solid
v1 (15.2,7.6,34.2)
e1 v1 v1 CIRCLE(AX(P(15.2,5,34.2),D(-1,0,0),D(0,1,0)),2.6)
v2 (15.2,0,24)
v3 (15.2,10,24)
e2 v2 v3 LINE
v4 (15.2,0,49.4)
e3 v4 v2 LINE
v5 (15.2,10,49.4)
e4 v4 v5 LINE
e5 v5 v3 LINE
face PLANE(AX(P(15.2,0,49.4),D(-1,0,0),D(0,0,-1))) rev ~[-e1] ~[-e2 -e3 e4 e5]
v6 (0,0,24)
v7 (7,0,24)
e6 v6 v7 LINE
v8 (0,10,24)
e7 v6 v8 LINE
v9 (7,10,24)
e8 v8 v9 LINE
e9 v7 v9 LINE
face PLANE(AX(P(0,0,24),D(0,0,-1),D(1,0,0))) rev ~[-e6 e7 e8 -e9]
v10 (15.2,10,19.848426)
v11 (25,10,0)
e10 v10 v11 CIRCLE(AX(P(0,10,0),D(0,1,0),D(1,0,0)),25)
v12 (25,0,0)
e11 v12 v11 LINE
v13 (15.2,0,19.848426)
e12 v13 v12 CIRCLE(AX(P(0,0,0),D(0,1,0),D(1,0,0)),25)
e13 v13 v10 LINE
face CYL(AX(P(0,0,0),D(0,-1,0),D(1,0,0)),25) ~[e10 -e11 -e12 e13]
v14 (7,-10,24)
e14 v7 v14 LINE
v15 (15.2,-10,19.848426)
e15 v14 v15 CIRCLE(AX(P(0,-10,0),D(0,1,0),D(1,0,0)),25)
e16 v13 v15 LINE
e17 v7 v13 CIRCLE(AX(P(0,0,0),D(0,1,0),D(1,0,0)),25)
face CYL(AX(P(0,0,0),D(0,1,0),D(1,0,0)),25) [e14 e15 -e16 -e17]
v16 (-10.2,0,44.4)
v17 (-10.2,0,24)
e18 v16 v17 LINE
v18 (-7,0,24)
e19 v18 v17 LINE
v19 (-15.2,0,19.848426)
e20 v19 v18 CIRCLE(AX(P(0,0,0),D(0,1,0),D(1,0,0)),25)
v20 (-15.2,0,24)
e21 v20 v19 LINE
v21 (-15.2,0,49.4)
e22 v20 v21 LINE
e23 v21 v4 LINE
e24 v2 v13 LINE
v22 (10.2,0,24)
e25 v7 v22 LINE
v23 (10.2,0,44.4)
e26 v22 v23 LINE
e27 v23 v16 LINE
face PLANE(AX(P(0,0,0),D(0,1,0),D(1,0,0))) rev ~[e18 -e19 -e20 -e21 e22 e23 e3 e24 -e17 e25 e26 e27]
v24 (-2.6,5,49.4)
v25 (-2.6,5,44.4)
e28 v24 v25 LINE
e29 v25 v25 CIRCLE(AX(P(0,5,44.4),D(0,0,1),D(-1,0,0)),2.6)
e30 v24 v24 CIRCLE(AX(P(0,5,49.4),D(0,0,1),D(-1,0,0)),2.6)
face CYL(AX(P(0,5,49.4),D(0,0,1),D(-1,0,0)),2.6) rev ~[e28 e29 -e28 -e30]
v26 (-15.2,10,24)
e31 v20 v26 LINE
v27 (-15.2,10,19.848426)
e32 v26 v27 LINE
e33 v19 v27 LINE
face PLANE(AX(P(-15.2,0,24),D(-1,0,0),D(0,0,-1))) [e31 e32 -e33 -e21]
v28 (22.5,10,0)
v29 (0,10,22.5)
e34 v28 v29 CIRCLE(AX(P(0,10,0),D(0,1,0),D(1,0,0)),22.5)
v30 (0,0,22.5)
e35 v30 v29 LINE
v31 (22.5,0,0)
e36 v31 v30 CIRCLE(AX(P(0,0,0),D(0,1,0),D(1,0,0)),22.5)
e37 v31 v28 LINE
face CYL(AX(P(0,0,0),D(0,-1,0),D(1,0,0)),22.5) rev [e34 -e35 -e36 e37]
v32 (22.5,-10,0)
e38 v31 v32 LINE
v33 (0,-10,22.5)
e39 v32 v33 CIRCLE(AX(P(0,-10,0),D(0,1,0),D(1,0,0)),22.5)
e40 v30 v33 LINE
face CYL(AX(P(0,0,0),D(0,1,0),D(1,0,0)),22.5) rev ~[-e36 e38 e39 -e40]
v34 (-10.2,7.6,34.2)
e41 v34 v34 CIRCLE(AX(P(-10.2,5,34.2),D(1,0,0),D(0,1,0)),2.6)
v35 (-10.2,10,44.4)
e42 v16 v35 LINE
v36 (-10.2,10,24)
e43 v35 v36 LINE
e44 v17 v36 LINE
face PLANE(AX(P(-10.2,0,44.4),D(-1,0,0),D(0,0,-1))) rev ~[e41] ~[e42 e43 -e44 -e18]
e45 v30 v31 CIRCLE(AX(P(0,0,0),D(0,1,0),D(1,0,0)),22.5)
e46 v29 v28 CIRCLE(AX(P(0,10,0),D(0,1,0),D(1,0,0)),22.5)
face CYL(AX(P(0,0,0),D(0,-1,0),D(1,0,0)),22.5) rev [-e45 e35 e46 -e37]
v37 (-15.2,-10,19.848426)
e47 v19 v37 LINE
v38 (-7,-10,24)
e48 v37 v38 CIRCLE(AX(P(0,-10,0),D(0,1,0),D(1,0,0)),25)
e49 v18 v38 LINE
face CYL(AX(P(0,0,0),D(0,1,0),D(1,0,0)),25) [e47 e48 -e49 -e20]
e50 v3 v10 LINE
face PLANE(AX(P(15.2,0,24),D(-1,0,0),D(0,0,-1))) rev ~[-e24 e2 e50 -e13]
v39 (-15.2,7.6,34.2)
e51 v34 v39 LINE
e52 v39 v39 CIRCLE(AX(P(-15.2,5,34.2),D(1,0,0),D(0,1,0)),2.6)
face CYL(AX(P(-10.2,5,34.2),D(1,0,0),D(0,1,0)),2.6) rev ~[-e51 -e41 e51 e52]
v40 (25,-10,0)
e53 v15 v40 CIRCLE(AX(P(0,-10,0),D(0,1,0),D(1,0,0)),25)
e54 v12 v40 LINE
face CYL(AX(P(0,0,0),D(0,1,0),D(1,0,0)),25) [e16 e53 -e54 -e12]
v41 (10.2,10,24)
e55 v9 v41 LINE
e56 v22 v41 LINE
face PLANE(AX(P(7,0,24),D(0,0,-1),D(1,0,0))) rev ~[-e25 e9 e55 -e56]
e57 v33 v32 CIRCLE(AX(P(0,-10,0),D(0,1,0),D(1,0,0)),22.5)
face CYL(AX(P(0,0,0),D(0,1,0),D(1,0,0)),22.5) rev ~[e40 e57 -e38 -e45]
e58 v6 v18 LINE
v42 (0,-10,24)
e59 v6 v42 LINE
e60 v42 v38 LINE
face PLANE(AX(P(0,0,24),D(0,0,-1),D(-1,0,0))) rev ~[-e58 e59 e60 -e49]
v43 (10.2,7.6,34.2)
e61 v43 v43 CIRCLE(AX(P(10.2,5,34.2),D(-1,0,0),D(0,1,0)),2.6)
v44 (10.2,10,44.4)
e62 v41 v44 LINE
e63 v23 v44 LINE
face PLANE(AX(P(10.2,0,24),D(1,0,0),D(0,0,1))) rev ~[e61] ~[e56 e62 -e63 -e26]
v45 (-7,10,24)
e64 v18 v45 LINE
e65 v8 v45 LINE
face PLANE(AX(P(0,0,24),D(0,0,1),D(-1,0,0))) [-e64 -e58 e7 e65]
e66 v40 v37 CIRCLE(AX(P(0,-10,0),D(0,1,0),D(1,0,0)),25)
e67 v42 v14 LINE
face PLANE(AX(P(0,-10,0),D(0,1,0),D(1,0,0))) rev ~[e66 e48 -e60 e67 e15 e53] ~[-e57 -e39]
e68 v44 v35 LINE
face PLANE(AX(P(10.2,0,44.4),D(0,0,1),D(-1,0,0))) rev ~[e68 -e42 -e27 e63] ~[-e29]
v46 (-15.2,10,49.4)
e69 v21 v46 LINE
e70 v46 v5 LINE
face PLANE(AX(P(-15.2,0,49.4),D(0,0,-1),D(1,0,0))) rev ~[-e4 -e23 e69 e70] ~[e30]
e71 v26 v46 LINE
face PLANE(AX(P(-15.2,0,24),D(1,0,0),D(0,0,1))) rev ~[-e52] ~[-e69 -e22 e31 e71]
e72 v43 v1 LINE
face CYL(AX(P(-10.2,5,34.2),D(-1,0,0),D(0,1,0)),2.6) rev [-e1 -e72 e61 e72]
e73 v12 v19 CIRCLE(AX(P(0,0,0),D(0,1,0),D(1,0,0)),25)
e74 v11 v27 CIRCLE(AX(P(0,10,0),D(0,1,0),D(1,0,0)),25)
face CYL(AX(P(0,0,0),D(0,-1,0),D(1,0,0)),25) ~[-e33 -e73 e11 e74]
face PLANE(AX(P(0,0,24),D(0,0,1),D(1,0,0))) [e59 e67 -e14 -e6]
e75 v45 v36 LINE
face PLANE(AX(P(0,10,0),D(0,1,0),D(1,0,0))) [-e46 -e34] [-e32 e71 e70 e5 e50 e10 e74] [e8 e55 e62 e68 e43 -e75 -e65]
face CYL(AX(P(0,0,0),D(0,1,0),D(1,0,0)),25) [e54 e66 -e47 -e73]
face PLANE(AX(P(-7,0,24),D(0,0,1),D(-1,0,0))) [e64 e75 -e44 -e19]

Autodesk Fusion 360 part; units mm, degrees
sketch "스케치1" plane through (0, 0, 0) normal (0, 1, 0) x (1, 0, 0)
  circle A0 centre (0, 0) radius 22.5
  line L0 (0, 0) -> (0, -24)
  line L1 (0, -24) -> (15.2, -24)
  line L2 (15.2, -24) -> (-15.2, -24)
  line L3 (-15.2, -24) -> (-15.2, -49.4)
  line L4 (-15.2, -49.4) -> (15.2, -49.4)
  line L5 (15.2, -49.4) -> (15.2, -24)
  circle A1 centre (0, 0) radius 25
  line L6 (-15.2, -24) -> (-15.2, -18.5)
  line L7 (15.2, -24) -> (15.2, -18.5685)
  line L8 (0, -36.7) -> (0, -34.2)
  line L9 (10.2, -44.4) -> (-10.2, -44.4)
  line L10 (-10.2, -44.4) -> (-10.2, -24)
  line L11 (-10.2, -24) -> (10.2, -24)
  line L12 (10.2, -24) -> (10.2, -44.4)
  line L13 (10.2, -44.4) -> (-10.2, -24) construction
  line L14 (-10.2, -44.4) -> (10.2, -24) construction
  point P0 (0, -36.7)
  point P1 (0, -34.2)
  dimension "d1" = 45
  dimension "d2" = 24
  dimension "d3" = 15.2
  dimension "d4" = 30.4
  dimension "d5" = 25.4
  dimension "d8" = 50
  dimension "d13" = 2.5
  dimension "d14" = 20.4
  dimension "d15" = 20.4
extrude "돌출1" add sketch "스케치1" along normal blind 10 contours L1 L2 A1 L7 L11 | L1 L2 L3 L4 L5 L9 L10 L12 | L1 L2 A1 L11 | L2 A1 L6 L11 picked at (-16.0726, -17.9881)
extrude "돌출2" add sketch "스케치1" against normal blind 10 contours L1 L2 A1 L11 picked at (-16.0726, -17.9881)
sketch "스케치2" plane through (0, 0, 49.4) normal (0, 0, 1) x (-1, 0, 0)
  line L0 (15.2, 0) -> (-15.2, 0)
  line L1 (-15.2, 0) -> (-15.2, -10)
  line L2 (-15.2, -10) -> (15.2, -10)
  line L3 (15.2, -10) -> (15.2, 0)
  circle A0 centre (0, -5) radius 2.6
  dimension "d18" = 5.2
extrude "돌출3" cut sketch "스케치2" against normal blind 11 contours A0
sketch "스케치3" plane through (-10.2, 0, 0) normal (1, 0, 0) x (0, 1, 0)
  line L0 (0, 44.4) -> (0, 24)
  line L1 (0, 24) -> (10, 24)
  line L2 (10, 24) -> (10, 44.4)
  line L3 (10, 44.4) -> (0, 44.4)
  circle A0 centre (5, 34.2) radius 2.6
  dimension "d21" = 5.2
extrude "돌출4" cut sketch "스케치3" along normal blind 33 contours A0
extrude "돌출5" cut sketch "스케치3" against normal blind 17 contours A0
